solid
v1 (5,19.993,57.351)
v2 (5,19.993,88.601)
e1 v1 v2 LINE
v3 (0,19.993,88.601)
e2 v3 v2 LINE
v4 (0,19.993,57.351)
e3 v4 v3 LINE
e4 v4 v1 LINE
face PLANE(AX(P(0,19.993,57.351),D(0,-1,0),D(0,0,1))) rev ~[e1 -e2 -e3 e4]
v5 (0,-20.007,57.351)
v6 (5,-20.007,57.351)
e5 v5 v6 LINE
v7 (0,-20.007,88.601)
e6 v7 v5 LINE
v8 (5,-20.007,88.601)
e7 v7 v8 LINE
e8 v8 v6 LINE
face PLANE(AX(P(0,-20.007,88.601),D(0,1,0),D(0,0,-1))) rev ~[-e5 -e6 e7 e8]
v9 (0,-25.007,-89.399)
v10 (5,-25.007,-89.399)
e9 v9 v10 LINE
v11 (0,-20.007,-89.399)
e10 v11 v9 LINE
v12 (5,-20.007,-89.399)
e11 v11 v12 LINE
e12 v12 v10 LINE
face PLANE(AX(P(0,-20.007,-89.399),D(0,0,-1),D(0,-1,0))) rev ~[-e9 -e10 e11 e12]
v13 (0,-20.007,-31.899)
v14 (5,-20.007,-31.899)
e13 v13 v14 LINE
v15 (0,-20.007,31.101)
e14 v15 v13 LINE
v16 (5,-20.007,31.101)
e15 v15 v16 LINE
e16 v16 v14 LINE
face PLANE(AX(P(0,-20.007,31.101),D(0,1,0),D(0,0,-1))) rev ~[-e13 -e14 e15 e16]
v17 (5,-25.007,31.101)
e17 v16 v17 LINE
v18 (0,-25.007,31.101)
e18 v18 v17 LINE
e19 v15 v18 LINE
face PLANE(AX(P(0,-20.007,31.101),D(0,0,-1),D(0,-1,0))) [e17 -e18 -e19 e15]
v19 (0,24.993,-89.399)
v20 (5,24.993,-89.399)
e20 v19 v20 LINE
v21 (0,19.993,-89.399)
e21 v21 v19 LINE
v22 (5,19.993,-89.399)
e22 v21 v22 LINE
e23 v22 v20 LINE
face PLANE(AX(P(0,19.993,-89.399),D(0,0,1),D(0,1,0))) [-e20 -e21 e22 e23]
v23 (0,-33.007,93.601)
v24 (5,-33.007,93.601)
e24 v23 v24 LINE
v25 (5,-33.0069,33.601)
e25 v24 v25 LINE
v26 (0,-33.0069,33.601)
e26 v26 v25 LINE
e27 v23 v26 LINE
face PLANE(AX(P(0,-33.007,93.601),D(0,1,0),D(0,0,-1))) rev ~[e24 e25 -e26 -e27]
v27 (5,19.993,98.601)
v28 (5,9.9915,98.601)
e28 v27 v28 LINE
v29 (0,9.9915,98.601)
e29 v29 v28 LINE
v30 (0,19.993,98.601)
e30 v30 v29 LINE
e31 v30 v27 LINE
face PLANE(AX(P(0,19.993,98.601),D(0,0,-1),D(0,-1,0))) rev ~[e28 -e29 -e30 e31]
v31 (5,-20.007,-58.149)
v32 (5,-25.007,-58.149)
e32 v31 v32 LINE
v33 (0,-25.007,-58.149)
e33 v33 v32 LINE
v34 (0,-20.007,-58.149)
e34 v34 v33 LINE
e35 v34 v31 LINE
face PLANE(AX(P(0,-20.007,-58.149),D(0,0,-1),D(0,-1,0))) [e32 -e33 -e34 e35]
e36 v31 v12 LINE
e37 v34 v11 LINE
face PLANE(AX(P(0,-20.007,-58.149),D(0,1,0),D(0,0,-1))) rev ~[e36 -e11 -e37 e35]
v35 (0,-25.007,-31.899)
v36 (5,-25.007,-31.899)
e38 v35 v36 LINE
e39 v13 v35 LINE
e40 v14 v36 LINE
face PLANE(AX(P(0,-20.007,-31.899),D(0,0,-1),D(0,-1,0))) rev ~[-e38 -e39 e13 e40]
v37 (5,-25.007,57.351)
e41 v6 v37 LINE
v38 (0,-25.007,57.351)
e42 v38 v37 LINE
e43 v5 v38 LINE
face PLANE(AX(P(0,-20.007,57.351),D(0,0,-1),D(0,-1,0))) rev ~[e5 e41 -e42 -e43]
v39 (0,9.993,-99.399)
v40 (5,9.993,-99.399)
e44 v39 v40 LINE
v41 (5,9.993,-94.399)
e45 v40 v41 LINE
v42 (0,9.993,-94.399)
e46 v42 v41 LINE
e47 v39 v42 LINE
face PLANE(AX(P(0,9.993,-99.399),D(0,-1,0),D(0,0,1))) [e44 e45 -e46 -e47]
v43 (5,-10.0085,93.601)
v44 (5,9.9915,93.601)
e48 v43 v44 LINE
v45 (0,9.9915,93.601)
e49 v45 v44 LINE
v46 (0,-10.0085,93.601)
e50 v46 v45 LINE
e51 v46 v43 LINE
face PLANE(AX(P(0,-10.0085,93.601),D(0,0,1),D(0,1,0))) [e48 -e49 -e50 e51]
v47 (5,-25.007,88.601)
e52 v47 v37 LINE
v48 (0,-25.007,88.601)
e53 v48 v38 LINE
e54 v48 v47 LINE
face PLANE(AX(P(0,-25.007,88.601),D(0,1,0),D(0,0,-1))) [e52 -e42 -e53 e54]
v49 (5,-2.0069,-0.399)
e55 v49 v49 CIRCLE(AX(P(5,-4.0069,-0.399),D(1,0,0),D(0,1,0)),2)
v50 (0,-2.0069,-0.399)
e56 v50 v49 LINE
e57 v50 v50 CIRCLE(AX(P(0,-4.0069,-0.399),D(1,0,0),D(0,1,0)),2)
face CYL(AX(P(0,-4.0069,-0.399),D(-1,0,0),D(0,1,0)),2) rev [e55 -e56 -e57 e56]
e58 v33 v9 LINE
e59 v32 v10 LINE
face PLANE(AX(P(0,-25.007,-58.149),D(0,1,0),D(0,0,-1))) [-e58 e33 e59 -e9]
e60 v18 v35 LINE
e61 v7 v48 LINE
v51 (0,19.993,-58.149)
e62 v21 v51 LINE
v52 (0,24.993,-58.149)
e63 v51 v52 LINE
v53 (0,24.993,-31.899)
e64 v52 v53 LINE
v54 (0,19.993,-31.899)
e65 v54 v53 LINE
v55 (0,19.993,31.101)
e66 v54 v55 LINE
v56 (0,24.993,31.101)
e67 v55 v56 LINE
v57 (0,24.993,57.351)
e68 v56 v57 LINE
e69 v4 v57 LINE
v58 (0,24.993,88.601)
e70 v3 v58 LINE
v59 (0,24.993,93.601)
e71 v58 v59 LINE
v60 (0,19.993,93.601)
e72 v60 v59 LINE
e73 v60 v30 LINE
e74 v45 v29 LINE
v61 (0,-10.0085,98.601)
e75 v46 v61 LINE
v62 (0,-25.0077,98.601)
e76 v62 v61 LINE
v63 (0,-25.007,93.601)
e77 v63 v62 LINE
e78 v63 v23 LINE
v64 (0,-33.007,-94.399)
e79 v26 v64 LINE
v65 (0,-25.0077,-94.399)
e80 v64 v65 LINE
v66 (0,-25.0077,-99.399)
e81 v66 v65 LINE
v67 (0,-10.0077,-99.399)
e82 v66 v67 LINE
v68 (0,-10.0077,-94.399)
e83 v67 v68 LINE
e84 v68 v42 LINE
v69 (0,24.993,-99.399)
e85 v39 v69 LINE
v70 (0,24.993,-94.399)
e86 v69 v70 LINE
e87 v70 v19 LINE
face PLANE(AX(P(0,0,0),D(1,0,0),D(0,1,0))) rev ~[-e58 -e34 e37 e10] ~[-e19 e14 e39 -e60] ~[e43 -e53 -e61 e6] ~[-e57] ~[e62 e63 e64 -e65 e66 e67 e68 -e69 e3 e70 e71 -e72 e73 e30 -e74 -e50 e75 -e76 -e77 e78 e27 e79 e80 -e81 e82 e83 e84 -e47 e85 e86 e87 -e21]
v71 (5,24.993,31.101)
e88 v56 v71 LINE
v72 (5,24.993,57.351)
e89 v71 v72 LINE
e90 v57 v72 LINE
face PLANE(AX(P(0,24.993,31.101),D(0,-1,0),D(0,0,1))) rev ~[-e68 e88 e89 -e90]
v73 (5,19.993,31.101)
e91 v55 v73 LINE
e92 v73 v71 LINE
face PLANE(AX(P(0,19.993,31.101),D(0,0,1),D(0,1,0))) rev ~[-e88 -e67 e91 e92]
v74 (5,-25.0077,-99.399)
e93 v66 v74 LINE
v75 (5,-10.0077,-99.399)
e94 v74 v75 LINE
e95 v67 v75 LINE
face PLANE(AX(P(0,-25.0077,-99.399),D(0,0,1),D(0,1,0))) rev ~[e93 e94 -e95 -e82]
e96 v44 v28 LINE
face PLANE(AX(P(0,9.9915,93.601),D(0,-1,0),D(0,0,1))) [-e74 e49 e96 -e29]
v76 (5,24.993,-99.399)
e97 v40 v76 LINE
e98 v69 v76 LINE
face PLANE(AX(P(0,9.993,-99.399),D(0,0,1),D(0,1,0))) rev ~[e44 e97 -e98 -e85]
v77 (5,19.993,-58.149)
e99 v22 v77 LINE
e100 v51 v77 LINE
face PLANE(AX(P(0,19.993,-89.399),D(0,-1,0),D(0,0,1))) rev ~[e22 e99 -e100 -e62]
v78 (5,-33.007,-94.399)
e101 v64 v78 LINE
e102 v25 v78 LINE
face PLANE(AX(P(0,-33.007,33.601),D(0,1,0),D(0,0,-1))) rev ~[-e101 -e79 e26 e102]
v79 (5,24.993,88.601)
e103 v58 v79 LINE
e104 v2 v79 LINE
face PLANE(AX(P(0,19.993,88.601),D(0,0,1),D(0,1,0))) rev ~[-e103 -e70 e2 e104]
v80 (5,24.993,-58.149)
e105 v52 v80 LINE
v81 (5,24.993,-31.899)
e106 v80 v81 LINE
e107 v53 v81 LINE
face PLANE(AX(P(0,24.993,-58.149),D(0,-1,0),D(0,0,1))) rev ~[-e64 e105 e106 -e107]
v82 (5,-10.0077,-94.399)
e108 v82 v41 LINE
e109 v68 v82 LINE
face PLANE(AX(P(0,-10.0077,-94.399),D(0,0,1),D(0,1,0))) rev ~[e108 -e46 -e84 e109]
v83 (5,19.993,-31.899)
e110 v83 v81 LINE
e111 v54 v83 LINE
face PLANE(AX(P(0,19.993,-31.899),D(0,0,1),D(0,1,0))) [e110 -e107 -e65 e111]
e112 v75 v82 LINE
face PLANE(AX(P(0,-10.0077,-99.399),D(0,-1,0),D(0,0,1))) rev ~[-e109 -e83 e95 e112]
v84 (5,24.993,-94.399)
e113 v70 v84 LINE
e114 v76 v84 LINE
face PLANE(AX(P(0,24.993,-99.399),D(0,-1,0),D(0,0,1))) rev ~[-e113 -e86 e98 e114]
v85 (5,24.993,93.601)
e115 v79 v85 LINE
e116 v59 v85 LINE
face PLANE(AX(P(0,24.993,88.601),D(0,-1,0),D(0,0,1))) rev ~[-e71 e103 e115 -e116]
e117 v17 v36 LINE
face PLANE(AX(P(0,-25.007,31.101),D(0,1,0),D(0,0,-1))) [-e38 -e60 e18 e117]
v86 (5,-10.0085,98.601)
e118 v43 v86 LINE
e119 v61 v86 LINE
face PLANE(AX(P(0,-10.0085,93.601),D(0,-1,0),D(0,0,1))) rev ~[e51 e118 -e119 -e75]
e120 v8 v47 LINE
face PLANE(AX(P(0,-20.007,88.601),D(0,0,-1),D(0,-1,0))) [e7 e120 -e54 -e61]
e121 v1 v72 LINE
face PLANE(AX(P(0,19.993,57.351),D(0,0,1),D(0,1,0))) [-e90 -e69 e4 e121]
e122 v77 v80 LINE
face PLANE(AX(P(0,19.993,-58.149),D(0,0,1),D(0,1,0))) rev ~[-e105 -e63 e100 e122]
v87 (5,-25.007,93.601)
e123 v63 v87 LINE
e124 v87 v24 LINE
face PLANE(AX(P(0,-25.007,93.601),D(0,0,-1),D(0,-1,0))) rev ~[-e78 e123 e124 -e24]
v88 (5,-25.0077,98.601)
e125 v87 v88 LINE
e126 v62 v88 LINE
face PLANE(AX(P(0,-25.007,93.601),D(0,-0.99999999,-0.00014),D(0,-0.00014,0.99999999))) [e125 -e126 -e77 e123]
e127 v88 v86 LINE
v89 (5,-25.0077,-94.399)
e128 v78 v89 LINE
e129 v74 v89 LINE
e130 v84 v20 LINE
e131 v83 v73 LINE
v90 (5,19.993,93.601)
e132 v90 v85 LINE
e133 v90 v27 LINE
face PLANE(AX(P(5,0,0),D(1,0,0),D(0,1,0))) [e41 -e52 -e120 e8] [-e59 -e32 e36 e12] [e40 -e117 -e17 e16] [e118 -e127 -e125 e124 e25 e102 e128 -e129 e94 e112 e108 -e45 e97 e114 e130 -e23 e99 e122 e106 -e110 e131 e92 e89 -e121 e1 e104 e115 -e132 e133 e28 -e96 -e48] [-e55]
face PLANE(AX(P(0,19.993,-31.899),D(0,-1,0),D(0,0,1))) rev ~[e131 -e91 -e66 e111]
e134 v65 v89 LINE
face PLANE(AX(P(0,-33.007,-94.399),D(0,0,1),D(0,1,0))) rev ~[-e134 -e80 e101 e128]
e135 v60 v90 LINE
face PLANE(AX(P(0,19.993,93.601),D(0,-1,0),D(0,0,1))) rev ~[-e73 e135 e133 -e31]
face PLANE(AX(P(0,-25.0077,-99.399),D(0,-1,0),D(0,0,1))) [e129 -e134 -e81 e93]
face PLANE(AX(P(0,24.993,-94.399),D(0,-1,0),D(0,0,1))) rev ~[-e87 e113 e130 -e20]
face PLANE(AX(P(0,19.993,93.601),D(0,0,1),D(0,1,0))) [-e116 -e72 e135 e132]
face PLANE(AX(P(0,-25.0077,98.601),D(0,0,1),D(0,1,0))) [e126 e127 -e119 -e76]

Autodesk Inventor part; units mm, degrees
ref_plane "YZ Plane" through (0, 0, 0) normal (1, 0, 0) x (0, 1, 0)
ref_plane "XZ Plane" through (0, 0, 0) normal (0, 1, 0) x (-1, 0, 0)
ref_plane "XY Plane" through (0, 0, 0) normal (0, 0, 1) x (1, 0, 0)
sketch "Sketch1" plane through (0, 0, 0) normal (1, 0, 0) x (0, 1, 0)
  circle A0 centre (-4.0069, -0.399) radius 2
  line L0 (-20.007, 88.601) -> (-20.007, 57.351) projected
  line L1 (-20.007, 57.351) -> (-25.007, 57.351) projected
  line L2 (-25.007, 88.601) -> (-25.007, 57.351) projected
  line L3 (-20.007, 88.601) -> (-25.007, 88.601) projected
  line L4 (-20.007, 31.101) -> (-20.007, -31.899) projected
  line L5 (-20.007, -31.899) -> (-25.007, -31.899) projected
  line L6 (-25.007, 31.101) -> (-25.007, -31.899) projected
  line L7 (-20.007, 31.101) -> (-25.007, 31.101) projected
  line L8 (-20.007, -58.149) -> (-20.007, -89.399) projected
  line L9 (-20.007, -89.399) -> (-25.007, -89.399) projected
  line L10 (-25.007, -58.149) -> (-25.007, -89.399) projected
  line L11 (-20.007, -58.149) -> (-25.007, -58.149) projected
  line L12 (19.993, 93.601) -> (19.993, 98.601)
  line L13 (19.993, 98.601) -> (9.9915, 98.601) projected
  line L14 (9.9915, 93.601) -> (9.9915, 98.601) projected
  line L15 (-10.0085, 93.601) -> (-10.0085, 98.601) projected
  line L16 (-25.0077, 98.601) -> (-10.0085, 98.601) projected
  line L17 (-25.007, 93.601) -> (-25.007, 98.601) projected
  line L18 (-25.007, 93.601) -> (-33.007, 93.601)
  line L19 (-33.007, 93.601) -> (-33.007, -94.399)
  line L20 (-10.0085, 93.601) -> (9.9915, 93.601)
  line L21 (24.993, -99.399) -> (24.993, -94.399)
  line L22 (9.993, -99.399) -> (24.993, -99.399) projected
  line L23 (9.993, -99.399) -> (9.993, -94.399) projected
  line L24 (-10.0077, -94.399) -> (9.993, -94.399) projected
  line L25 (-10.0077, -99.399) -> (-10.0077, -94.399) projected
  line L26 (-25.0077, -99.399) -> (-10.0077, -99.399) projected
  line L27 (-25.0077, -99.399) -> (-25.0077, -94.399) projected
  line L28 (-33.0079, -94.399) -> (-25.0077, -94.399) projected
  line L29 (19.993, 93.601) -> (24.993, 93.601)
  line L30 (24.993, -94.399) -> (24.993, -89.399)
  line L31 (19.993, -89.399) -> (24.993, -89.399)
  line L32 (19.993, -89.399) -> (19.993, -58.149)
  line L33 (19.993, -58.149) -> (24.993, -58.149)
  line L34 (24.993, -58.149) -> (24.993, -31.899)
  line L35 (19.993, -31.899) -> (24.993, -31.899)
  line L36 (19.993, -31.899) -> (19.993, 31.101)
  line L37 (19.993, 31.101) -> (24.993, 31.101)
  line L38 (24.993, 31.101) -> (24.993, 57.351)
  line L39 (19.993, 57.351) -> (24.993, 57.351)
  line L40 (19.993, 57.351) -> (19.993, 88.601)
  line L41 (19.993, 88.601) -> (24.993, 88.601)
  line L42 (24.993, 88.601) -> (24.993, 93.601)
  line L43 (24.9931, -99.399) -> (24.9931, -89.399) projected
  line L44 (24.9931, -89.399) -> (19.9931, -89.399) projected
  line L45 (19.9931, -89.399) -> (19.9931, -58.149) projected
  line L46 (19.9931, -58.149) -> (24.9931, -58.149) projected
  line L47 (24.9931, -58.149) -> (24.9931, -31.899) projected
  line L48 (24.9931, -31.899) -> (19.9931, -31.899) projected
  line L49 (19.9931, -31.899) -> (19.9931, 31.101) projected
  line L50 (19.9931, 31.101) -> (24.9931, 31.101) projected
  line L51 (24.9931, 31.101) -> (24.9931, 57.351) projected
  line L52 (24.9931, 57.351) -> (19.9931, 57.351) projected
  line L53 (19.9931, 57.351) -> (19.9931, 88.601) projected
  line L54 (19.9931, 88.601) -> (24.9931, 88.601) projected
  line L55 (24.9931, 88.601) -> (24.9931, 93.601) projected
  line L56 (-33.0069, 93.601) -> (-33.0069, 33.601) projected
  circle A1 centre (-4.0069, -0.399) radius 2 projected
  line L57 (-20.007, -89.399) -> (-25.007, -89.399) projected
  line L58 (-25.007, -89.399) -> (-25.007, -58.149) projected
  line L59 (-25.007, -58.149) -> (-20.007, -58.149) projected
  line L60 (-20.007, -58.149) -> (-20.007, -89.399) projected
  line L61 (-20.007, -31.899) -> (-25.007, -31.899) projected
  line L62 (-25.007, -31.899) -> (-25.007, 31.101) projected
  line L63 (-25.007, 31.101) -> (-20.007, 31.101) projected
  line L64 (-20.007, 31.101) -> (-20.007, -31.899) projected
  line L65 (-20.007, 57.351) -> (-25.007, 57.351) projected
  line L66 (-25.007, 57.351) -> (-25.007, 88.601) projected
  line L67 (-25.007, 88.601) -> (-20.007, 88.601) projected
  line L68 (-20.007, 88.601) -> (-20.007, 57.351) projected
  dimension "d24" = 4
  dimension "d25" = 8
  dimension "d27" = 198
  dimension "d30" = 5
  dimension "d31" = 188
  dimension "d32" = 188
  dimension "d33" = 58
  dimension "d35" = 5
  dimension "d36" = 24
extrude "Extrusion1" add sketch "Sketch1" along normal blind 5
properties part number "case top sides" material "ABS Plastic"
